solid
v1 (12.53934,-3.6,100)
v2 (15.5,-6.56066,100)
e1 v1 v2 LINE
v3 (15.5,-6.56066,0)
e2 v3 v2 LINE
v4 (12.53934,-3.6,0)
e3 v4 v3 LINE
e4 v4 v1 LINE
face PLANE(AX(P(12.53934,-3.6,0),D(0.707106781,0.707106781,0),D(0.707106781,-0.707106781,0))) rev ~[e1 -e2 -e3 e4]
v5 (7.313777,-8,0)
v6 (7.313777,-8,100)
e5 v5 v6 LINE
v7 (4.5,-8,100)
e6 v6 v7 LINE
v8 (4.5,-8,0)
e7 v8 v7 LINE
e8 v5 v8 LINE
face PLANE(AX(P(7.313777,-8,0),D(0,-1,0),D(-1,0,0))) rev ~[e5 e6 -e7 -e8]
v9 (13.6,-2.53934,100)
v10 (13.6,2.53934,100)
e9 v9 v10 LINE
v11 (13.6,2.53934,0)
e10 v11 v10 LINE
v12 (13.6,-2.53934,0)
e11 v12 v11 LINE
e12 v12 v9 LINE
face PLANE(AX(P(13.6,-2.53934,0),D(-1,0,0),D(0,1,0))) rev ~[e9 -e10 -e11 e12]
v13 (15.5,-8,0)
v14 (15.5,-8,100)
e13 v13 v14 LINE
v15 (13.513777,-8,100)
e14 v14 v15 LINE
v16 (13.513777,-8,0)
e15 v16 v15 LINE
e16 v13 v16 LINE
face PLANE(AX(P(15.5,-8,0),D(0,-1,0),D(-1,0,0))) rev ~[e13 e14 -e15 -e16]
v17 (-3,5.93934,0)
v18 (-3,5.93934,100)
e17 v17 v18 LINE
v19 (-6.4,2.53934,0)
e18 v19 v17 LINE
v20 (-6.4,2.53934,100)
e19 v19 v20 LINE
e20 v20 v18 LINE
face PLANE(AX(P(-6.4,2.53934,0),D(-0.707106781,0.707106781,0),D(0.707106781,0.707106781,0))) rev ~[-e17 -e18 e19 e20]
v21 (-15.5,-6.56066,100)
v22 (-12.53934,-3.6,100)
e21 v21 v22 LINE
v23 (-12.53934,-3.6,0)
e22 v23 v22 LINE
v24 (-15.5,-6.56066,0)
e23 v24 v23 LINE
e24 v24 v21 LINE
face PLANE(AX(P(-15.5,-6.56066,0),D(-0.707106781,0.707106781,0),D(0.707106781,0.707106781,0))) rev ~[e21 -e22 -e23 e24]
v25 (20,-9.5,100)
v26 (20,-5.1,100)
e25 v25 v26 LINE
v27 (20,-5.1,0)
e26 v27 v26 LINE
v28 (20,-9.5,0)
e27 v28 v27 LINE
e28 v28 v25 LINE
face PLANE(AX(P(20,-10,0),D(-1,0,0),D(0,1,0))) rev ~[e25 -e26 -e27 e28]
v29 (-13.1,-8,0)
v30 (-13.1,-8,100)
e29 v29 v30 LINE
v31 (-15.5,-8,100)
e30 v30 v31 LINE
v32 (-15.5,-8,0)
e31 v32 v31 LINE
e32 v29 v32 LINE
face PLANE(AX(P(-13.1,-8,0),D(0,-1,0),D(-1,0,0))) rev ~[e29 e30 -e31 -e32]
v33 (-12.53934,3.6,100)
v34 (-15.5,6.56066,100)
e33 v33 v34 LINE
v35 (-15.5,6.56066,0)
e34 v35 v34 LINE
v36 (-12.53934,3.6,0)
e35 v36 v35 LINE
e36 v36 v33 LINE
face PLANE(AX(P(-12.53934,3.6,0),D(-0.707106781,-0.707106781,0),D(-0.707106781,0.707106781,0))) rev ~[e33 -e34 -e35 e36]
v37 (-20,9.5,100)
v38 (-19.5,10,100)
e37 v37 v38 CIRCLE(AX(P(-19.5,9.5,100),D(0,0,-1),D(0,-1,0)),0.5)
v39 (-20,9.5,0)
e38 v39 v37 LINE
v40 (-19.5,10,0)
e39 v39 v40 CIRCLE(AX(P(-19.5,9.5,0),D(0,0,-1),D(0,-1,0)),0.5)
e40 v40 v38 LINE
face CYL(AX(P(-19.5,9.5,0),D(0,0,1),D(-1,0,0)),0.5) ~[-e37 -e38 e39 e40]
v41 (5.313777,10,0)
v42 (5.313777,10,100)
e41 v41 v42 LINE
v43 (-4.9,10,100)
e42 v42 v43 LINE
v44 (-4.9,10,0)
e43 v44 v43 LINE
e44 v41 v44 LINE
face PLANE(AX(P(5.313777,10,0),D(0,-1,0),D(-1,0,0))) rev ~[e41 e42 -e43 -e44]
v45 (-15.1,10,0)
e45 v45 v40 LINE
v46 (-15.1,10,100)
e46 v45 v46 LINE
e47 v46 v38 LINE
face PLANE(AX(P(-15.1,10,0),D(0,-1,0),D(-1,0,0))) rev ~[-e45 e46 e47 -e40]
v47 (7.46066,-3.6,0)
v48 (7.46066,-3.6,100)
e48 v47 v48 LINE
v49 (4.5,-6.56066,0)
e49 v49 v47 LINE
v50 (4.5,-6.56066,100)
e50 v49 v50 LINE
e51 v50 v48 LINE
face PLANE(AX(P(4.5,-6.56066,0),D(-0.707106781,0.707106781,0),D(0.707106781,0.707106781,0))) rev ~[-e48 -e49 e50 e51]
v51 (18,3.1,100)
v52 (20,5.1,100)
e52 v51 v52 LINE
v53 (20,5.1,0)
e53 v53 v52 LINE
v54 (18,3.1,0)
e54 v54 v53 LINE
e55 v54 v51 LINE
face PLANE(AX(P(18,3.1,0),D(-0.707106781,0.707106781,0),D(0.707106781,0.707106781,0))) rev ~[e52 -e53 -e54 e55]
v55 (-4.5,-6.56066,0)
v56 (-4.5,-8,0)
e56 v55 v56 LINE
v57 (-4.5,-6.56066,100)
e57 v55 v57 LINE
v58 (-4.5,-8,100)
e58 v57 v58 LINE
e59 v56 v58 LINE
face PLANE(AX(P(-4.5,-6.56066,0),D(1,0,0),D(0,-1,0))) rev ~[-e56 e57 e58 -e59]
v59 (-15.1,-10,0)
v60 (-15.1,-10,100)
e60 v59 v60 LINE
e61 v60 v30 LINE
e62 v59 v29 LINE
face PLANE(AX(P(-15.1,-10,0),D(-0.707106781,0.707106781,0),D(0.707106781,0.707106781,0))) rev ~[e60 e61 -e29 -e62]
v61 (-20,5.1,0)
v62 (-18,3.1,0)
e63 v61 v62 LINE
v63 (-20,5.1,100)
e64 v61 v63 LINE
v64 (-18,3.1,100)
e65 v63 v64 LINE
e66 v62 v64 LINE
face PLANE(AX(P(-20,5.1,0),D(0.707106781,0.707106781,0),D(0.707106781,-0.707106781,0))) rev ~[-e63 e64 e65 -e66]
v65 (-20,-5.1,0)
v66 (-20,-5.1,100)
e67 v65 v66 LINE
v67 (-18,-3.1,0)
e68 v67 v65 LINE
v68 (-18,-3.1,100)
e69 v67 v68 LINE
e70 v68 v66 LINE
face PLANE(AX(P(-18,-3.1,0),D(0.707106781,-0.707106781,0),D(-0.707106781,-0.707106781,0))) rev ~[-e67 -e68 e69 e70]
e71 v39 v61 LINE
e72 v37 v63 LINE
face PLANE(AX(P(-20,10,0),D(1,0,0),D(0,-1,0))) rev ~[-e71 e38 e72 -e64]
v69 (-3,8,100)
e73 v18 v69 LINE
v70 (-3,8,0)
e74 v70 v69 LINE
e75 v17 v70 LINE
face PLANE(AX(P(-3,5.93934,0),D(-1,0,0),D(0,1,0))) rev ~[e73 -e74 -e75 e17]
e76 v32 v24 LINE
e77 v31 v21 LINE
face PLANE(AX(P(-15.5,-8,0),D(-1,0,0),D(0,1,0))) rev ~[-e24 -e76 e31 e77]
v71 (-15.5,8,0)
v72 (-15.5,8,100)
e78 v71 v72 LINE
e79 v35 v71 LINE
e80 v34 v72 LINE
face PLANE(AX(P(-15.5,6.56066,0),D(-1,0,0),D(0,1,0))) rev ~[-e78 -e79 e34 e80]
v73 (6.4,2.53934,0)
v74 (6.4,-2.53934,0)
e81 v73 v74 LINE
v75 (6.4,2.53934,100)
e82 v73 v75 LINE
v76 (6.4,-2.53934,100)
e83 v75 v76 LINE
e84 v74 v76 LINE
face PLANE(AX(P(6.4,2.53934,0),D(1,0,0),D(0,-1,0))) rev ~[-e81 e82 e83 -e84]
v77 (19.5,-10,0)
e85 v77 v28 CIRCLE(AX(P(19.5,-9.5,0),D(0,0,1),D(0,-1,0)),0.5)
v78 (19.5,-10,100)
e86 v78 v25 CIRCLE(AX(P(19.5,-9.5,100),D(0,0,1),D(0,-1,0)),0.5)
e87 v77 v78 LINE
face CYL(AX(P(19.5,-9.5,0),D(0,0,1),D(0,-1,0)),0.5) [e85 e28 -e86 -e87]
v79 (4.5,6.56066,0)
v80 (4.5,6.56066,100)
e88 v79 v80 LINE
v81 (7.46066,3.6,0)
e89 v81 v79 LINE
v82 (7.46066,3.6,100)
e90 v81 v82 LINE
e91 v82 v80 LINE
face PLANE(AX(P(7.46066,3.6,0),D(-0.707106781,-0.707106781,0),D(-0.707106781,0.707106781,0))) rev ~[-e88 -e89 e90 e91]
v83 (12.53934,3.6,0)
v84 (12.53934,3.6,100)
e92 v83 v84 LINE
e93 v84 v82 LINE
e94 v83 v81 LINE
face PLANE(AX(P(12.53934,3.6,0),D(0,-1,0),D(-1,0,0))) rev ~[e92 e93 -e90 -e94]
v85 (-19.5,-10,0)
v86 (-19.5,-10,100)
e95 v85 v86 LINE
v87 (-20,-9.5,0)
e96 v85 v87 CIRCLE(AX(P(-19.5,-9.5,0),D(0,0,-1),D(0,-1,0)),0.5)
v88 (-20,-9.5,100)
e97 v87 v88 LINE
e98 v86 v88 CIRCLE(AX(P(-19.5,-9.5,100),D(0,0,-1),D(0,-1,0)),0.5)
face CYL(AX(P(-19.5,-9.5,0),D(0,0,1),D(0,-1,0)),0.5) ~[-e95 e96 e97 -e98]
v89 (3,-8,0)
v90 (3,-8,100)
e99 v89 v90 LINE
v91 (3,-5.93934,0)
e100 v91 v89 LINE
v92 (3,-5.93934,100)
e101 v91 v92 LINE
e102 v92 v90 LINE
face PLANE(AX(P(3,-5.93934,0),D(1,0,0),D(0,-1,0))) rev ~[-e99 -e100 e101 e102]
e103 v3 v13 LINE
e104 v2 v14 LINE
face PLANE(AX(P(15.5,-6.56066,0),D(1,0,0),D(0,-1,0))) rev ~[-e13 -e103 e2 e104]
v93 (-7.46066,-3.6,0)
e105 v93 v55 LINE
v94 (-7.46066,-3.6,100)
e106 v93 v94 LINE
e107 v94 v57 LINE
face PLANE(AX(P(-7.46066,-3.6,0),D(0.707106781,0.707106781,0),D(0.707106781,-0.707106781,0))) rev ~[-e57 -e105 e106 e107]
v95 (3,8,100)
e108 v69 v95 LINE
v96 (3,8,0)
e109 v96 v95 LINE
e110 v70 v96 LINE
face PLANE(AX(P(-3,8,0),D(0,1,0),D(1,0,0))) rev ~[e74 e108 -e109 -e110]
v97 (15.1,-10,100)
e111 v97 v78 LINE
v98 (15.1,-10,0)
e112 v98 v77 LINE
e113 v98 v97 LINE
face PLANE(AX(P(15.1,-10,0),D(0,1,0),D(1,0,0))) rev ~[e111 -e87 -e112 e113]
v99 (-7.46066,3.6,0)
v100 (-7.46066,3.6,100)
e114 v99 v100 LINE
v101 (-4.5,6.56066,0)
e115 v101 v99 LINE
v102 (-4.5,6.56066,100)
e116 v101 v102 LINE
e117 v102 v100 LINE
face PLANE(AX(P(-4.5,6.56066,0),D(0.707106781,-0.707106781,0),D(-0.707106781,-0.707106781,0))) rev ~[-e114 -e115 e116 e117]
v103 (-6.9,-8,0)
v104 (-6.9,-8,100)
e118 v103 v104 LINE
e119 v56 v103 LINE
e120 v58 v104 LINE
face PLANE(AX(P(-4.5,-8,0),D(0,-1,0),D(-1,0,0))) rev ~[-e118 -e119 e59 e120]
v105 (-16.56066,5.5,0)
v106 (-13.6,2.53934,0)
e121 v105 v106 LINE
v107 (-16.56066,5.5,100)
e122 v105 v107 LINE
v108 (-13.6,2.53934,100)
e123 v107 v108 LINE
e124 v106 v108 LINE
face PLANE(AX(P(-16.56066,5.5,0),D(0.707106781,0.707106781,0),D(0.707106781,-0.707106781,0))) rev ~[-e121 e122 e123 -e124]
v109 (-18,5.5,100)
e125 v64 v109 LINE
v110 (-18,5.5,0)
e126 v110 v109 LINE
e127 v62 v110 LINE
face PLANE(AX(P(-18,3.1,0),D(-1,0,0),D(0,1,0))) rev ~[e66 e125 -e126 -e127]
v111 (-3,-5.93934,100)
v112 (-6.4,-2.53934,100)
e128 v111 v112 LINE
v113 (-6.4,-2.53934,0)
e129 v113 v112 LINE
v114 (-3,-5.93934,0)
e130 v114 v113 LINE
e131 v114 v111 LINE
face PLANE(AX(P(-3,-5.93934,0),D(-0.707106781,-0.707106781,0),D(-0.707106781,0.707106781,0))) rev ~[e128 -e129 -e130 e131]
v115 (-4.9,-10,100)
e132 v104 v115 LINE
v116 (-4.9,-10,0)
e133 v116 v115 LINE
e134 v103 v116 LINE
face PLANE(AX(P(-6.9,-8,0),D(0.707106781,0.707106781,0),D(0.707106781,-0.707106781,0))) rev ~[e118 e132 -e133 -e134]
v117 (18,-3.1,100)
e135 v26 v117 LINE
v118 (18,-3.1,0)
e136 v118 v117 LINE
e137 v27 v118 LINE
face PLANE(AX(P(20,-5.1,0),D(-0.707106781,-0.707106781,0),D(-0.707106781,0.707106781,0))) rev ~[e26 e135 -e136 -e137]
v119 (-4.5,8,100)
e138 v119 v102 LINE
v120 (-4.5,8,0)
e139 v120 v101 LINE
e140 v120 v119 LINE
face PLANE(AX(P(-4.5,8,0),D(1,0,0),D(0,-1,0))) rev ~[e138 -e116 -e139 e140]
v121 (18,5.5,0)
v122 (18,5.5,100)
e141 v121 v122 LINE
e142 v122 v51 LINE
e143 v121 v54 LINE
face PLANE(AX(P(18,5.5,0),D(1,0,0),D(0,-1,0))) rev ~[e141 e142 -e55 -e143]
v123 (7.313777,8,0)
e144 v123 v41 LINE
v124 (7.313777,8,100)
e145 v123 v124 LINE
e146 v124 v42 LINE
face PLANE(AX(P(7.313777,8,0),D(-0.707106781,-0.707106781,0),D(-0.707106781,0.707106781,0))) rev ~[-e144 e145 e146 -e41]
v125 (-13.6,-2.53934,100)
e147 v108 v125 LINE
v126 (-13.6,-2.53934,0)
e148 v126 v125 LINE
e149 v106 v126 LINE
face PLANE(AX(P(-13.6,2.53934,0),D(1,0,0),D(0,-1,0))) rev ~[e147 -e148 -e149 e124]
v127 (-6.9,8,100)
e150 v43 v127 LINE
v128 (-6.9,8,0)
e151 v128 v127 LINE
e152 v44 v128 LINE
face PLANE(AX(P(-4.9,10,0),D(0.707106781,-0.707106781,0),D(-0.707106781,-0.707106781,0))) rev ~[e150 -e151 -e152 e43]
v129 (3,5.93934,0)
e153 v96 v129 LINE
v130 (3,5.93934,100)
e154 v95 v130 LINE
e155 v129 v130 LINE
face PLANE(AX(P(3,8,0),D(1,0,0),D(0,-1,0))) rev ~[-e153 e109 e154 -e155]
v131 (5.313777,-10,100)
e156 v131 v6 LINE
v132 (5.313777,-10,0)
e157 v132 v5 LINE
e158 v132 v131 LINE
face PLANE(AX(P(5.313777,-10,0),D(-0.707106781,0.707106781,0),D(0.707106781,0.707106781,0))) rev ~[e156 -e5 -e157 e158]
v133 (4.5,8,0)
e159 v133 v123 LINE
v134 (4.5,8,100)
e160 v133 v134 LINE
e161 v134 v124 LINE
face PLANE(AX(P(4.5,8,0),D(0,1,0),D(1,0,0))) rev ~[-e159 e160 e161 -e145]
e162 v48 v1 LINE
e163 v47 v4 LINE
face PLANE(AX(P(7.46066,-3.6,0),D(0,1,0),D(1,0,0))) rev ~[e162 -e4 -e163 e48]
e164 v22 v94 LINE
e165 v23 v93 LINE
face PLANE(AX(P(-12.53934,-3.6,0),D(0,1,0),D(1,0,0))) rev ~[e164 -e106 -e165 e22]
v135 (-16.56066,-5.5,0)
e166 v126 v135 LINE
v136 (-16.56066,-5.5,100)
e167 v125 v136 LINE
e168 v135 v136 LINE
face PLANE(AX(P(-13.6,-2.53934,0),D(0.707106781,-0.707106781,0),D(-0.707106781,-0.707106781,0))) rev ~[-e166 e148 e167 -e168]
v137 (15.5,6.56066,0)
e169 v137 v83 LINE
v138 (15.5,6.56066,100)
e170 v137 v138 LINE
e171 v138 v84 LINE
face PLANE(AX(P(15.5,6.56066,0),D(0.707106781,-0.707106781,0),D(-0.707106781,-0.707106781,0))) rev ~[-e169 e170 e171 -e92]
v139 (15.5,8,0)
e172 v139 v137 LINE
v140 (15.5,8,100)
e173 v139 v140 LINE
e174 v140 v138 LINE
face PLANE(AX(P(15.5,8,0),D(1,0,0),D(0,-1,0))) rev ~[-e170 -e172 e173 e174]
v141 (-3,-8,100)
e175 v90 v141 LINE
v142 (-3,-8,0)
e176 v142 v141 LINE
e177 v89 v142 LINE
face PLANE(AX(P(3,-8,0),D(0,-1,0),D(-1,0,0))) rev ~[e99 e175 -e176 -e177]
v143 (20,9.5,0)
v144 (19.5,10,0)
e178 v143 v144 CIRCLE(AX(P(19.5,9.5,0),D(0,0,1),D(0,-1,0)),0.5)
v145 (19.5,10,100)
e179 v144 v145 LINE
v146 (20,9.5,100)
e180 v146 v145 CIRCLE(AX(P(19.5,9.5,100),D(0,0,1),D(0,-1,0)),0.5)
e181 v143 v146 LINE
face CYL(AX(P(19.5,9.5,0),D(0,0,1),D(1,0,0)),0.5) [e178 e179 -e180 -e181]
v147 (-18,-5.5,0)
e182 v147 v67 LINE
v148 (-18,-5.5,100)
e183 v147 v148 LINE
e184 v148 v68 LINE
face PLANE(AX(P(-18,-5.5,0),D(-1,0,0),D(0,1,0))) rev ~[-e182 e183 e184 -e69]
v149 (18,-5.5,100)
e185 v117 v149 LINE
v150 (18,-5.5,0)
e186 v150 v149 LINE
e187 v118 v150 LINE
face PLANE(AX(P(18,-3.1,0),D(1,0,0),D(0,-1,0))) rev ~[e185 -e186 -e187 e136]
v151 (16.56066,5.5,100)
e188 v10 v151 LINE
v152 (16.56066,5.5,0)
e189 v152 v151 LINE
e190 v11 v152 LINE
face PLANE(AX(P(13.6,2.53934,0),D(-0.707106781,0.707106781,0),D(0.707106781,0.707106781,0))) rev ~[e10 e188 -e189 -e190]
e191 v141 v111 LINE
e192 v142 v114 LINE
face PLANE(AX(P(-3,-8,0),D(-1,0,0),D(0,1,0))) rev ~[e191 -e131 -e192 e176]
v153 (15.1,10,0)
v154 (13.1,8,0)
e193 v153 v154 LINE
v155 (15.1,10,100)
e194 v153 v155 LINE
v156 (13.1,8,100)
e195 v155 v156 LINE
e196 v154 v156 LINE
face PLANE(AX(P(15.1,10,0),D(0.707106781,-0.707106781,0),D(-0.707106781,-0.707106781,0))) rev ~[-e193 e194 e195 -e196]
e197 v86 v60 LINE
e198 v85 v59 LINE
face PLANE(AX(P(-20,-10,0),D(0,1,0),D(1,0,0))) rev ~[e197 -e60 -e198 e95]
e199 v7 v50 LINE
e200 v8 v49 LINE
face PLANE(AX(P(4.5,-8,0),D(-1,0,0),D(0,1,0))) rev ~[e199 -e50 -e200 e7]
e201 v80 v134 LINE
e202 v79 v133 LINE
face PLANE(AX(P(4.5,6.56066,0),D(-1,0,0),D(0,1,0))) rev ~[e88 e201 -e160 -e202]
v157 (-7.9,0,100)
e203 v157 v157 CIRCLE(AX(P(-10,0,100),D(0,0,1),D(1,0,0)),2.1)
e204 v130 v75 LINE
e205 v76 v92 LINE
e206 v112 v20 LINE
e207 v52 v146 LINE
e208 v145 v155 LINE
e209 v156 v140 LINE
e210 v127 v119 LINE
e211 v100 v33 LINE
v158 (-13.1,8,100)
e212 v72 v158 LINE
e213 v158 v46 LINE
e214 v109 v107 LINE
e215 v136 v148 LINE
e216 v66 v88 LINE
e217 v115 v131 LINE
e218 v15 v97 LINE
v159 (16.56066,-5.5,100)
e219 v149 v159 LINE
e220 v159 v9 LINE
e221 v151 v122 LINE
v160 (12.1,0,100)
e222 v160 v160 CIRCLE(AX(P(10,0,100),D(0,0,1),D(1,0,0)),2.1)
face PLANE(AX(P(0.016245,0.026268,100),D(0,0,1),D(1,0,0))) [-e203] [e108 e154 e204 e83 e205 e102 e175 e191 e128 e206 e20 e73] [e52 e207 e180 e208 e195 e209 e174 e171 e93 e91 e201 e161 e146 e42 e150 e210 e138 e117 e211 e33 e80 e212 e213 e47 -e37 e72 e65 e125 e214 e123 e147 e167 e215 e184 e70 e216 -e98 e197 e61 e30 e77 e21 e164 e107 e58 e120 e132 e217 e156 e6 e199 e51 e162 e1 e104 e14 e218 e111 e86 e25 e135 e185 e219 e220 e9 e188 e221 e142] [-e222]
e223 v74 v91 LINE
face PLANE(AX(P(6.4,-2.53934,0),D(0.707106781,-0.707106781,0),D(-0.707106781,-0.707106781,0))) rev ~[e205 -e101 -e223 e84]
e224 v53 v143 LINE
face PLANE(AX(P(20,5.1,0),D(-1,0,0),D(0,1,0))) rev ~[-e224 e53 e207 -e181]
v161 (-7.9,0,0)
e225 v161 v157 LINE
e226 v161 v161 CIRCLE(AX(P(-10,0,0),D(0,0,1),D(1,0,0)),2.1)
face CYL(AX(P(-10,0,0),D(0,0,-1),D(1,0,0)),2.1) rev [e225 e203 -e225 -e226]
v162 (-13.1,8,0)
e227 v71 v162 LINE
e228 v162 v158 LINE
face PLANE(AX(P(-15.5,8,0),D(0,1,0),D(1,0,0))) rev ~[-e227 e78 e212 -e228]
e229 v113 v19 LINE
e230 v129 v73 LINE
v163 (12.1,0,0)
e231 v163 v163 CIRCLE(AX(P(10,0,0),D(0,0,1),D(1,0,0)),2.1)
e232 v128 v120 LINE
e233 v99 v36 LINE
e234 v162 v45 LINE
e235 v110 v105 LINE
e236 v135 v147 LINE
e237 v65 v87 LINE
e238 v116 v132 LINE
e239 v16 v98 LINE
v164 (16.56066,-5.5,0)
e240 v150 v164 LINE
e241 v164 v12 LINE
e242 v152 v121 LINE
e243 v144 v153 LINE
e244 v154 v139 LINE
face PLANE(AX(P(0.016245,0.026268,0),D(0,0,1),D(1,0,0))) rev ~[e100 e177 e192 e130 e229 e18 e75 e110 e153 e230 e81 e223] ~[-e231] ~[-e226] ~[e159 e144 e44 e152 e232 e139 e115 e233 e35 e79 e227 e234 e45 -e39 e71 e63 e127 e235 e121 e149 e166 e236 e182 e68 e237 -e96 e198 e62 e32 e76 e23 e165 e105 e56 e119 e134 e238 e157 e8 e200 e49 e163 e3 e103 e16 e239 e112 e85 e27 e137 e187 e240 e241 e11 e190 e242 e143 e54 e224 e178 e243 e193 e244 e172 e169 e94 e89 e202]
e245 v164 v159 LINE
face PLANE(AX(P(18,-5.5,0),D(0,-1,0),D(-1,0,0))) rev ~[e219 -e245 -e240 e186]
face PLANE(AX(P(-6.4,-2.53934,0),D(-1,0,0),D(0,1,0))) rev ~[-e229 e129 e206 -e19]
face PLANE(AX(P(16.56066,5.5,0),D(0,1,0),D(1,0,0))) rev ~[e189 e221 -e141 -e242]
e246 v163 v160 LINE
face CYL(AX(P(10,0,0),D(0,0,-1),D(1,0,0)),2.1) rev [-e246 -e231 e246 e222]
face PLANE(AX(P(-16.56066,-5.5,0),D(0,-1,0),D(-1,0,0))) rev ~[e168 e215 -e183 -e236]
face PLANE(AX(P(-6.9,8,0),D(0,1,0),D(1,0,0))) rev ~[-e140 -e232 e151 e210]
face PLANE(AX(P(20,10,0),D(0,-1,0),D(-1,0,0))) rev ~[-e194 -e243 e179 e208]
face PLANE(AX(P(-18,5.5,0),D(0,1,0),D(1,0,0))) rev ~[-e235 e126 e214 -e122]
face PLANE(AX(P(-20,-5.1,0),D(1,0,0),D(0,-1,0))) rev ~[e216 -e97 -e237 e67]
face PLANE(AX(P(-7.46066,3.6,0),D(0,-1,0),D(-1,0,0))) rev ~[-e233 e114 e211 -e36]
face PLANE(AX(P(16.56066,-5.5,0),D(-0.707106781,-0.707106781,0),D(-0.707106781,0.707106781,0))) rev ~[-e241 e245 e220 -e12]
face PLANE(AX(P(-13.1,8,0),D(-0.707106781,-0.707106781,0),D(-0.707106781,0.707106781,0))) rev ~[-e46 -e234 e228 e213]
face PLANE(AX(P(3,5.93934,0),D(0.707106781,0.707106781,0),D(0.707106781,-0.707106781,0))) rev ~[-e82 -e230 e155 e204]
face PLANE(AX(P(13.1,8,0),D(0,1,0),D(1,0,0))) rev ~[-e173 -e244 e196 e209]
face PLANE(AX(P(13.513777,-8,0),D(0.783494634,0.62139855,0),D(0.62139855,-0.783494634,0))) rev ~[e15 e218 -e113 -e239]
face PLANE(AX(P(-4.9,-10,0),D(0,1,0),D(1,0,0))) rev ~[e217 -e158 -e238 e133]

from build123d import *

# Parameters (mm, degrees)
SKETCH1_R           = 2.1
BOSS_EXTRUDE1_DEPTH = 100
FILLET1_R           = 0.5


with BuildPart() as part:
    # Sketch1 → Boss-Extrude1 (new body)
    with BuildSketch(Plane.XY):
        Polygon((-20, -10), (-15.5, -10), (-15.1, -10), (-13.1, -8), (-15.5, -8), (-15.5, -6.560660172), (-12.539339828, -3.6), (-7.460660172, -3.6), (-4.5, -6.560660172), (-4.5, -8), (-6.9, -8), (-4.9, -10), (5.313777138, -10), (7.313777138, -8), (4.5, -8), (4.5, -6.560660172), (7.460660172, -3.6), (12.539339828, -3.6), (15.5, -6.560660172), (15.5, -8), (13.513777138, -8), (15.1, -10), (15.5, -10), (20, -10), (20, -5.5), (20, -5.1), (18, -3.1), (18, -5.5), (16.560660172, -5.5), (13.6, -2.539339828), (13.6, 2.539339828), (16.560660172, 5.5), (18, 5.5), (18, 3.1), (20, 5.1), (20, 5.5), (20, 10), (15.5, 10), (15.1, 10), (13.1, 8), (15.5, 8), (15.5, 6.560660172), (12.539339828, 3.6), (7.460660172, 3.6), (4.5, 6.560660172), (4.5, 8), (7.313777138, 8), (5.313777138, 10), (-4.9, 10), (-6.9, 8), (-4.5, 8), (-4.5, 6.560660172), (-7.460660172, 3.6), (-12.539339828, 3.6), (-15.5, 6.560660172), (-15.5, 8), (-13.1, 8), (-15.1, 10), (-15.5, 10), (-20, 10), (-20, 5.5), (-20, 5.1), (-18, 3.1), (-18, 5.5), (-16.560660172, 5.5), (-13.6, 2.539339828), (-13.6, -2.539339828), (-16.560660172, -5.5), (-18, -5.5), (-18, -3.1), (-20, -5.1), (-20, -5.5), align=None)
        with Locations((-10, 0)):
            Circle(SKETCH1_R, mode=Mode.SUBTRACT)
        with Locations((10, 0)):
            Circle(SKETCH1_R, mode=Mode.SUBTRACT)
        Polygon((3, -5.939339828), (3, -8), (-3, -8), (-3, -5.939339828), (-6.4, -2.539339828), (-6.4, 2.539339828), (-3, 5.939339828), (-3, 8), (3, 8), (3, 5.939339828), (6.4, 2.539339828), (6.4, -2.539339828), align=None, mode=Mode.SUBTRACT)
    extrude(amount=BOSS_EXTRUDE1_DEPTH)

    # Fillet1
    fillet1_edges = [part.edges().sort_by_distance(p)[0] for p in [
        (-20, 10, 50),
        (20, 10, 50),
        (20, -10, 50),
        (-20, -10, 50),
    ]]
    fillet(fillet1_edges, radius=FILLET1_R)


solid = part.part
